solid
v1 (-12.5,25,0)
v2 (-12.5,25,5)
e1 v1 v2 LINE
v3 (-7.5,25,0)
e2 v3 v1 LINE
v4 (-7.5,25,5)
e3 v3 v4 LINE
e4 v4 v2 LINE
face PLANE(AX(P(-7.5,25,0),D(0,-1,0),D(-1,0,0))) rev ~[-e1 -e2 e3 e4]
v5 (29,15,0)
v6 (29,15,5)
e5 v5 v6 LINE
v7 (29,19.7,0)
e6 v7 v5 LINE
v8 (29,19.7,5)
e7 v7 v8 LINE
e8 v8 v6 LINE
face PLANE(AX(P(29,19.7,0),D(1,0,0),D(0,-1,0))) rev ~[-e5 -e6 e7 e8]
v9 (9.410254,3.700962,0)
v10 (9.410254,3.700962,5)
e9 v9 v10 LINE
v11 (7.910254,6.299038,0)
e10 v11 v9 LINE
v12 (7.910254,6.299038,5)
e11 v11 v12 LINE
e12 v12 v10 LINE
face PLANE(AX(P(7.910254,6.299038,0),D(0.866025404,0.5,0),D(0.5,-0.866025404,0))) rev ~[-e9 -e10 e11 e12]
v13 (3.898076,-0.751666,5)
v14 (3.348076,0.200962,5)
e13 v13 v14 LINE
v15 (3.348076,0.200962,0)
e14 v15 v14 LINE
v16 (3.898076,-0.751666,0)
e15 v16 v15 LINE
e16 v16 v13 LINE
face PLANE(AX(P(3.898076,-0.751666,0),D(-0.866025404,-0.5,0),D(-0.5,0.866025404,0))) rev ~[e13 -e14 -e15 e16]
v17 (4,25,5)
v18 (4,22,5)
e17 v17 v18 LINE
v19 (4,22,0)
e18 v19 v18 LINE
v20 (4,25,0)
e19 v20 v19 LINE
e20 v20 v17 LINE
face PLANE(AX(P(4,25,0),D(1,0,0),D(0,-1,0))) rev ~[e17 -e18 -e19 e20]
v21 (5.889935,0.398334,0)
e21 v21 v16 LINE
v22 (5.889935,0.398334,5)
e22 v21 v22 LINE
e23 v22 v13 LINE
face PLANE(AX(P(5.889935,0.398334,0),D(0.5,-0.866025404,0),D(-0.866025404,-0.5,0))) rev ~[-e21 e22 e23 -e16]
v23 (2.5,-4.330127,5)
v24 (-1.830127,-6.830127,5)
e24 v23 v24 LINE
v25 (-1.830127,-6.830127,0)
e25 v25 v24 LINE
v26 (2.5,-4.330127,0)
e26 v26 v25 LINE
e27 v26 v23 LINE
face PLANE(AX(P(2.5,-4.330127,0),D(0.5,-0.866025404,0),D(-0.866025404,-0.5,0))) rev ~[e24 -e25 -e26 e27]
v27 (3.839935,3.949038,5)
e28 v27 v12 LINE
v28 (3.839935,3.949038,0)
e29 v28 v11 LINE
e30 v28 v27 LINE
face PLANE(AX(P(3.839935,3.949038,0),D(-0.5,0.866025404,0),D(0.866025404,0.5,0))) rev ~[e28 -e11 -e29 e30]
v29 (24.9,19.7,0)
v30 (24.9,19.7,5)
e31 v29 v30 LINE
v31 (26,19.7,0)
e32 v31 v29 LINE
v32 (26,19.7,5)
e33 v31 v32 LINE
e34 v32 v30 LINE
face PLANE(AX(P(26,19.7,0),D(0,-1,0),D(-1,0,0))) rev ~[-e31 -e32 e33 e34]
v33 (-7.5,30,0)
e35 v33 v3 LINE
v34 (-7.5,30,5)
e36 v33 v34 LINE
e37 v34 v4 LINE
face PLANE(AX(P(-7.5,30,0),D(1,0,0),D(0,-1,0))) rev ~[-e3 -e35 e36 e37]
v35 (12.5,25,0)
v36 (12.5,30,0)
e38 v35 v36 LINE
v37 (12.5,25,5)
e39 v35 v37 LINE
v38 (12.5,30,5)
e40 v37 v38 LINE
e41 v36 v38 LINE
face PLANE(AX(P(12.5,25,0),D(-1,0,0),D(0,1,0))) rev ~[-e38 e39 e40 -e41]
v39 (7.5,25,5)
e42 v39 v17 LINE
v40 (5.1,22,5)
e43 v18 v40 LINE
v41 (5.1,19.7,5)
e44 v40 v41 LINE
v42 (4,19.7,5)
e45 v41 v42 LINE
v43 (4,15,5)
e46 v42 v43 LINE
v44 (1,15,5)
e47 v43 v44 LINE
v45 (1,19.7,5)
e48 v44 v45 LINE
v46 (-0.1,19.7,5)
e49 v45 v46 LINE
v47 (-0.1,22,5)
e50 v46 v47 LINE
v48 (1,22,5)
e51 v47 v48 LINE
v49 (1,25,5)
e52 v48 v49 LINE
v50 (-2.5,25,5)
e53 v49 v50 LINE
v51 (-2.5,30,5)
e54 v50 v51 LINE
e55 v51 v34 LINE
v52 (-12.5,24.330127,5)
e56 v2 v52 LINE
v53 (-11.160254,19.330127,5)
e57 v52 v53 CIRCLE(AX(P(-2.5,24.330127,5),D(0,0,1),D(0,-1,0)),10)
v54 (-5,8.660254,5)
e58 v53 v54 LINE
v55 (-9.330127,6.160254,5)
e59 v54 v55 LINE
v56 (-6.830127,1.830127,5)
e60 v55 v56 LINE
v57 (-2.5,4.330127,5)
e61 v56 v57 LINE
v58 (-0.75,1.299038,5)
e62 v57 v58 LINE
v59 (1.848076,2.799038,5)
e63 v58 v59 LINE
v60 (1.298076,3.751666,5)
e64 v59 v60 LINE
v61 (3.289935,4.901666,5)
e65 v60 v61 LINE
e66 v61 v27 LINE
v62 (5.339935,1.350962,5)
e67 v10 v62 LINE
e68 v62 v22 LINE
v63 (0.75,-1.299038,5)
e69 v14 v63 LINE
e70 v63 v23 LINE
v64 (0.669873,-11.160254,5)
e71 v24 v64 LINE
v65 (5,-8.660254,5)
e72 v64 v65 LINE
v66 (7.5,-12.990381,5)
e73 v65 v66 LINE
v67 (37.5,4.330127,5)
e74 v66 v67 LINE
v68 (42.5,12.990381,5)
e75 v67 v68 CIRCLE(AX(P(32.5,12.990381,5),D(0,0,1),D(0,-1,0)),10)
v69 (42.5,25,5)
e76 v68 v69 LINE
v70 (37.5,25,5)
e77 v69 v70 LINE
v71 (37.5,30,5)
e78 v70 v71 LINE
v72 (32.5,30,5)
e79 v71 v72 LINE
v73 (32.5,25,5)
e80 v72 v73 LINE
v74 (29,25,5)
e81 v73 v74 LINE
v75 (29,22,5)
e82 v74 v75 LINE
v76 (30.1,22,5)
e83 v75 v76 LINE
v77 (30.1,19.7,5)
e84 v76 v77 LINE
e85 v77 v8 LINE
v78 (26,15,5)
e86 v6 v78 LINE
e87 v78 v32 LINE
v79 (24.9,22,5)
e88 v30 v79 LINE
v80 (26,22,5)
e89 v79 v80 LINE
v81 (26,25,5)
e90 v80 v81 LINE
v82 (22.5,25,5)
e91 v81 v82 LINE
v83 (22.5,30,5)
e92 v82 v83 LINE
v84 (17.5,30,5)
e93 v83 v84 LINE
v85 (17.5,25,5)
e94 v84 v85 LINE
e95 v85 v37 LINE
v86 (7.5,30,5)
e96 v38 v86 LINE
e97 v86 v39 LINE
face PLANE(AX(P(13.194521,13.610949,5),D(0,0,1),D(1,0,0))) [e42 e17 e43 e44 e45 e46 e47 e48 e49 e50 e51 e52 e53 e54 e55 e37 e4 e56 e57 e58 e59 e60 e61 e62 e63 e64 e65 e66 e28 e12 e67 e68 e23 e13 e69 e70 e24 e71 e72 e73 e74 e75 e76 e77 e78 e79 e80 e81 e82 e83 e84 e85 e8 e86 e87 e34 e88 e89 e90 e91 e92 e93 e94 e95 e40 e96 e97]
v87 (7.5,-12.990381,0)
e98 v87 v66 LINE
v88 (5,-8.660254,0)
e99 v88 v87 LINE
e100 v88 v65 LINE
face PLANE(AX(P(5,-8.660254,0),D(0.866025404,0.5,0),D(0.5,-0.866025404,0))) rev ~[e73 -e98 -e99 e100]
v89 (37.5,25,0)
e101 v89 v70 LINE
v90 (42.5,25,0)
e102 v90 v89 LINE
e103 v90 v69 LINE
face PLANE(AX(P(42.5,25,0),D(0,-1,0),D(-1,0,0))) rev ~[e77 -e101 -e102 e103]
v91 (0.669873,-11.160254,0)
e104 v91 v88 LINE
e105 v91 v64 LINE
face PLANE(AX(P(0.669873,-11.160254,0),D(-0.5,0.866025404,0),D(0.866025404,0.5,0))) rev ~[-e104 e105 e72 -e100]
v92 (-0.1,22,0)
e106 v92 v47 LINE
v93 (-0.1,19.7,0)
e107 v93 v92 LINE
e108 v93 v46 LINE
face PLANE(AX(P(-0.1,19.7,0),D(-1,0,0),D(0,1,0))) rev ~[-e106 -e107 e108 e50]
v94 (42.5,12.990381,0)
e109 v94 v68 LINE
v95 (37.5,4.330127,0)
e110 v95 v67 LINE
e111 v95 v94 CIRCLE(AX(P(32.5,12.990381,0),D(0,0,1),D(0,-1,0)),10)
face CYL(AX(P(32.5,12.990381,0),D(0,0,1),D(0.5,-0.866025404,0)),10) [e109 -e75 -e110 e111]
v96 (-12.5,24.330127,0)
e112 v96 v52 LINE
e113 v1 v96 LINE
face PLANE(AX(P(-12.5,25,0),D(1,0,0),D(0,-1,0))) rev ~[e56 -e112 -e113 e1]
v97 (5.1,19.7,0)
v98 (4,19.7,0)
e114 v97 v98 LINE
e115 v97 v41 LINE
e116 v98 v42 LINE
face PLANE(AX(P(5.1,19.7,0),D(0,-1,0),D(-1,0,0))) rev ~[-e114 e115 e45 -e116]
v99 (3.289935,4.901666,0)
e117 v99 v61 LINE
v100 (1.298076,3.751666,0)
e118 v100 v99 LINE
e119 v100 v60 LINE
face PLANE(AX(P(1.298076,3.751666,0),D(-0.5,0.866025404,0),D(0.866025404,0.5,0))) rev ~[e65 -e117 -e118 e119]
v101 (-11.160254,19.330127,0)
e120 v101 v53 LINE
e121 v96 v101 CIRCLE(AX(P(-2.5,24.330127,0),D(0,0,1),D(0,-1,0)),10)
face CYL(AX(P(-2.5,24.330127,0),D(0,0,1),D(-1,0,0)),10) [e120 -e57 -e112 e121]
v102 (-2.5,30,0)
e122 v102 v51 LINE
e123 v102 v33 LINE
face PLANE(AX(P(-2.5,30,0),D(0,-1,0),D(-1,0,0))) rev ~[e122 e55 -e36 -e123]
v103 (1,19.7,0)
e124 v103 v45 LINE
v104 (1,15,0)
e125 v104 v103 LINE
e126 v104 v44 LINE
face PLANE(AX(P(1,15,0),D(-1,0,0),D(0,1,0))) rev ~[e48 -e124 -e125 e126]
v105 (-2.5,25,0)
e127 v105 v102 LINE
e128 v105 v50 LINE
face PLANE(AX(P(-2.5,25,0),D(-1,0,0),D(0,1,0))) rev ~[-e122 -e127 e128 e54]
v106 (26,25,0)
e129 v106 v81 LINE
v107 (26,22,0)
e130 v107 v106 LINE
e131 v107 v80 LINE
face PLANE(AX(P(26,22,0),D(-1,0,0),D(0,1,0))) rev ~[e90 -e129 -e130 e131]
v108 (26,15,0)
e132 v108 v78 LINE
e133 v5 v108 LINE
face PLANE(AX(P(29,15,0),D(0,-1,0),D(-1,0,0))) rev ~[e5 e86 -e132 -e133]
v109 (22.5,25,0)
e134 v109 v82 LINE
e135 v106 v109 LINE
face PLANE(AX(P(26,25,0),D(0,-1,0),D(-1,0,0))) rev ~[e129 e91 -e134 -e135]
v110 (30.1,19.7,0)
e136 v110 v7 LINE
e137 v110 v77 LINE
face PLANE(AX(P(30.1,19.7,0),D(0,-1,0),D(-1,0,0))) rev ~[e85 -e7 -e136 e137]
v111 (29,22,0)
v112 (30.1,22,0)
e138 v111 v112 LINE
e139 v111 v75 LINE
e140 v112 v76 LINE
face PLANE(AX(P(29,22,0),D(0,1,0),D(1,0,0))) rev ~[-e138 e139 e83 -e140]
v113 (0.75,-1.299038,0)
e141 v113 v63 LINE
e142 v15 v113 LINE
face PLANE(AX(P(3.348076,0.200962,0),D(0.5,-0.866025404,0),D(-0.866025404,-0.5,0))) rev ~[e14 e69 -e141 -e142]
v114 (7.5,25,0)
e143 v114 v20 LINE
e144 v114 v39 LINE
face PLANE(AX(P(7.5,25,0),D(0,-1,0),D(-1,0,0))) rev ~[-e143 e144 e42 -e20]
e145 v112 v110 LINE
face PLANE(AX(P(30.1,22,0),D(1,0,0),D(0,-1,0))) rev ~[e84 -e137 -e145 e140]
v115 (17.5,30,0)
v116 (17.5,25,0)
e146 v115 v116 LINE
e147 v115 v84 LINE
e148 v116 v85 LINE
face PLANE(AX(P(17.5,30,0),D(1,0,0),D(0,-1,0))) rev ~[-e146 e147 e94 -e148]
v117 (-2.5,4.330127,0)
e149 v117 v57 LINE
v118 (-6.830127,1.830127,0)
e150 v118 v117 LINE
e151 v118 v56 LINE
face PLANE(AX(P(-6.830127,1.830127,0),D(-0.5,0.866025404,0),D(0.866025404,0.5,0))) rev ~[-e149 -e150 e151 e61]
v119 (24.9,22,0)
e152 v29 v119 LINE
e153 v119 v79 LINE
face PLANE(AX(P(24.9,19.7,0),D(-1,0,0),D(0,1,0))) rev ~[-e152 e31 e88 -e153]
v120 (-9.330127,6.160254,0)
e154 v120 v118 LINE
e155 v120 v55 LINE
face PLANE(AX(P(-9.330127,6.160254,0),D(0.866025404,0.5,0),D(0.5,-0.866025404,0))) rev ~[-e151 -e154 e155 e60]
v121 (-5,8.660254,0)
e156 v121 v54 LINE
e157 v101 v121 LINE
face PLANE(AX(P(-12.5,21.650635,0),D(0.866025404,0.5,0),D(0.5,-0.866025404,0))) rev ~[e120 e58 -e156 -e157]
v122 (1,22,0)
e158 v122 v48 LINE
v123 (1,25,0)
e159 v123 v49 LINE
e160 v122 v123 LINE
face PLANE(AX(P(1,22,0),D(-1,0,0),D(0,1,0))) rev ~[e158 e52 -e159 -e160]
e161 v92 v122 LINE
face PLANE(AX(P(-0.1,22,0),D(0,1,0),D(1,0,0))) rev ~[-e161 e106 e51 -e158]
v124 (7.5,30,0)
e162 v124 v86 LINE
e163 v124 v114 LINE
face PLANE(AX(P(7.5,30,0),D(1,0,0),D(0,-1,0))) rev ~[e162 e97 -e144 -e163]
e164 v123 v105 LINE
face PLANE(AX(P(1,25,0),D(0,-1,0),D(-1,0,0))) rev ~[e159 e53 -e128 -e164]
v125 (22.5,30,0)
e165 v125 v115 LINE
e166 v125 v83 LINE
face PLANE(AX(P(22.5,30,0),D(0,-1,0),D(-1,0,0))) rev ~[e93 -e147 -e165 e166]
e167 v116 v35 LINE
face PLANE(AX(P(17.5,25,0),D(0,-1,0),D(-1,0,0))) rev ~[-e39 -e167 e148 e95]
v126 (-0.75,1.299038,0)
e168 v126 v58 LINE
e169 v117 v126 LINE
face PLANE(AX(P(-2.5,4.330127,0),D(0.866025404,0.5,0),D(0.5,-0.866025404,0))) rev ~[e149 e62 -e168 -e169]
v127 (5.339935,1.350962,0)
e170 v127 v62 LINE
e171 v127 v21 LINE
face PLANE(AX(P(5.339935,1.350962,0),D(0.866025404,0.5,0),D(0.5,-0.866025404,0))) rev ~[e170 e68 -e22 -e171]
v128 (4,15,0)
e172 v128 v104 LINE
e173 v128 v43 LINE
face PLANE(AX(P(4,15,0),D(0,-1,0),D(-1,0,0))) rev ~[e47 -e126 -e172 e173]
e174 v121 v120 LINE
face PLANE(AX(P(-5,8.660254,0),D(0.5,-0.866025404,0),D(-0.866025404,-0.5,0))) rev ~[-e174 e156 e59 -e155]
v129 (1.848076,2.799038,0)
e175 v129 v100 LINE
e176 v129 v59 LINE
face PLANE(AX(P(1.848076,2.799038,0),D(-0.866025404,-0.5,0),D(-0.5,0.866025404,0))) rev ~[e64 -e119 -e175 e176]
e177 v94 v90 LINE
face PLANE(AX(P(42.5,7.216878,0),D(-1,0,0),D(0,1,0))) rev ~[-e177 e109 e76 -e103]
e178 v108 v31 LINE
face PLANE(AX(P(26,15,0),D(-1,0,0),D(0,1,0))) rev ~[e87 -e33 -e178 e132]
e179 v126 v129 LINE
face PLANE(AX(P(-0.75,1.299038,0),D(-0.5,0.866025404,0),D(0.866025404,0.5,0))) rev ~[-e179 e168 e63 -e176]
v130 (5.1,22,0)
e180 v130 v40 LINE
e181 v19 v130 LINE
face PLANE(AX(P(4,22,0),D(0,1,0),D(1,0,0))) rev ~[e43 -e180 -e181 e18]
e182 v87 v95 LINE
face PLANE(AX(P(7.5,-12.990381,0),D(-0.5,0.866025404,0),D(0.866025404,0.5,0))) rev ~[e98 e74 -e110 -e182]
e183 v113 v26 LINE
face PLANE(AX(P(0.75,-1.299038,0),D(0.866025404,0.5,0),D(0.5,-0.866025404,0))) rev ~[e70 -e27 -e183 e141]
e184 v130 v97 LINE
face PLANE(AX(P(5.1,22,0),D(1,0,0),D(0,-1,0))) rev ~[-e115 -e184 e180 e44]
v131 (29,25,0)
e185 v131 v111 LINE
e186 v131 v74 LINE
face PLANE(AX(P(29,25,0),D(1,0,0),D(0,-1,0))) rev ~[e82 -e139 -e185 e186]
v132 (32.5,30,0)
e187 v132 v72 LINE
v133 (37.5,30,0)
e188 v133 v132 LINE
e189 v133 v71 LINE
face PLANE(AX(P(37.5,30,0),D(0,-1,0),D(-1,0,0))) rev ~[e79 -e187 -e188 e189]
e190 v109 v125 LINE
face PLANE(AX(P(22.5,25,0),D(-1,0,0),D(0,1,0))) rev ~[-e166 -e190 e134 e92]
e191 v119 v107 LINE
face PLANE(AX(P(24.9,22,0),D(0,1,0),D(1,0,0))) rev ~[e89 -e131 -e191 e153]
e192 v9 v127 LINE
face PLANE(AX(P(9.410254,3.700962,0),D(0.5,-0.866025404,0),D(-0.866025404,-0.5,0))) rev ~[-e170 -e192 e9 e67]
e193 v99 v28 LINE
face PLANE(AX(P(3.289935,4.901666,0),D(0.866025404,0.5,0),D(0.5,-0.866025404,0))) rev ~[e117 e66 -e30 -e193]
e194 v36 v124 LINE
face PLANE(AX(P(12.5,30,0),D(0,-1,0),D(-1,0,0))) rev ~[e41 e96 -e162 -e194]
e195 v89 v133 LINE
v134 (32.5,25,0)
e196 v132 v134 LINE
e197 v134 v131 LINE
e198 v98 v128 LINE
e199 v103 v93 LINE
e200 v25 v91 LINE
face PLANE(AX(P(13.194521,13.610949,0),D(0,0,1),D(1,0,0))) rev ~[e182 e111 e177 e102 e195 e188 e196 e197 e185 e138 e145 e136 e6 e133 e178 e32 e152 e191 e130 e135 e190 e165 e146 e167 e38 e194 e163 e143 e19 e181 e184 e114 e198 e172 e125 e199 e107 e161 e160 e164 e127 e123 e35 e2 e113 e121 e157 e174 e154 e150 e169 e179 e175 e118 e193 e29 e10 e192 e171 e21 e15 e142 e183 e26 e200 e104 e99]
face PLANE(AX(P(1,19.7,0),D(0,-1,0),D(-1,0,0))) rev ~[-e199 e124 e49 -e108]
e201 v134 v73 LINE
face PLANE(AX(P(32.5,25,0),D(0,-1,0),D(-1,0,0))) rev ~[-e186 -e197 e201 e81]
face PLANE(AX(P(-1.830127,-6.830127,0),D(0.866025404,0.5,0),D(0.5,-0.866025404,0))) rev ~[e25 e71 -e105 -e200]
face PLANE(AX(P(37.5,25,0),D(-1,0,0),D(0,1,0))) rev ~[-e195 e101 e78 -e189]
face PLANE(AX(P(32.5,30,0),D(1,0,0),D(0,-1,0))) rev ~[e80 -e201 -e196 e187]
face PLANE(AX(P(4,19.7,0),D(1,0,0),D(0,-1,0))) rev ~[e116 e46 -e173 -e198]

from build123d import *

# Parameters (mm, degrees)
BOSS_EXTRU_1_DEPTH = 5
CONG_1_R           = 10


with BuildPart() as part:
    # Esquisse1 → Boss.-Extru.1 (new body)
    with BuildSketch(Plane.XY):
        Polygon((-7.5, 12.990381057), (-5, 8.660254038), (-9.330127019, 6.160254038), (-6.830127019, 1.830127019), (-2.5, 4.330127019), (-0.75, 1.299038106), (1.848076211, 2.799038106), (1.298076211, 3.75166605), (3.28993464, 4.90166605), (3.83993464, 3.949038106), (7.910254038, 6.299038106), (9.410254038, 3.700961894), (5.33993464, 1.350961894), (5.88993464, 0.39833395), (3.898076211, -0.75166605), (3.348076211, 0.200961894), (0.75, -1.299038106), (2.5, -4.330127019), (-1.830127019, -6.830127019), (0.669872981, -11.160254038), (5, -8.660254038), (7.5, -12.990381057), (42.5, 7.216878365), (42.5, 25), (37.5, 25), (37.5, 30), (32.5, 30), (32.5, 25), (29, 25), (29, 22), (30.1, 22), (30.1, 19.7), (29, 19.7), (29, 15), (26, 15), (26, 19.7), (24.9, 19.7), (24.9, 22), (26, 22), (26, 25), (22.5, 25), (22.5, 30), (17.5, 30), (17.5, 25), (12.5, 25), (12.5, 30), (7.5, 30), (7.5, 25), (4, 25), (4, 22), (5.1, 22), (5.1, 19.7), (4, 19.7), (4, 15), (1, 15), (1, 19.7), (-0.1, 19.7), (-0.1, 22), (1, 22), (1, 25), (-2.5, 25), (-2.5, 30), (-7.5, 30), (-7.5, 25), (-12.5, 25), (-12.5, 21.650635095), align=None)
    extrude(amount=BOSS_EXTRU_1_DEPTH)

    # Congé1
    cong_1_edges = [part.edges().sort_by_distance(p)[0] for p in [
        (42.5, 7.216878365, 2.5),
        (-12.5, 21.650635095, 2.5),
    ]]
    fillet(cong_1_edges, radius=CONG_1_R)


solid = part.part
